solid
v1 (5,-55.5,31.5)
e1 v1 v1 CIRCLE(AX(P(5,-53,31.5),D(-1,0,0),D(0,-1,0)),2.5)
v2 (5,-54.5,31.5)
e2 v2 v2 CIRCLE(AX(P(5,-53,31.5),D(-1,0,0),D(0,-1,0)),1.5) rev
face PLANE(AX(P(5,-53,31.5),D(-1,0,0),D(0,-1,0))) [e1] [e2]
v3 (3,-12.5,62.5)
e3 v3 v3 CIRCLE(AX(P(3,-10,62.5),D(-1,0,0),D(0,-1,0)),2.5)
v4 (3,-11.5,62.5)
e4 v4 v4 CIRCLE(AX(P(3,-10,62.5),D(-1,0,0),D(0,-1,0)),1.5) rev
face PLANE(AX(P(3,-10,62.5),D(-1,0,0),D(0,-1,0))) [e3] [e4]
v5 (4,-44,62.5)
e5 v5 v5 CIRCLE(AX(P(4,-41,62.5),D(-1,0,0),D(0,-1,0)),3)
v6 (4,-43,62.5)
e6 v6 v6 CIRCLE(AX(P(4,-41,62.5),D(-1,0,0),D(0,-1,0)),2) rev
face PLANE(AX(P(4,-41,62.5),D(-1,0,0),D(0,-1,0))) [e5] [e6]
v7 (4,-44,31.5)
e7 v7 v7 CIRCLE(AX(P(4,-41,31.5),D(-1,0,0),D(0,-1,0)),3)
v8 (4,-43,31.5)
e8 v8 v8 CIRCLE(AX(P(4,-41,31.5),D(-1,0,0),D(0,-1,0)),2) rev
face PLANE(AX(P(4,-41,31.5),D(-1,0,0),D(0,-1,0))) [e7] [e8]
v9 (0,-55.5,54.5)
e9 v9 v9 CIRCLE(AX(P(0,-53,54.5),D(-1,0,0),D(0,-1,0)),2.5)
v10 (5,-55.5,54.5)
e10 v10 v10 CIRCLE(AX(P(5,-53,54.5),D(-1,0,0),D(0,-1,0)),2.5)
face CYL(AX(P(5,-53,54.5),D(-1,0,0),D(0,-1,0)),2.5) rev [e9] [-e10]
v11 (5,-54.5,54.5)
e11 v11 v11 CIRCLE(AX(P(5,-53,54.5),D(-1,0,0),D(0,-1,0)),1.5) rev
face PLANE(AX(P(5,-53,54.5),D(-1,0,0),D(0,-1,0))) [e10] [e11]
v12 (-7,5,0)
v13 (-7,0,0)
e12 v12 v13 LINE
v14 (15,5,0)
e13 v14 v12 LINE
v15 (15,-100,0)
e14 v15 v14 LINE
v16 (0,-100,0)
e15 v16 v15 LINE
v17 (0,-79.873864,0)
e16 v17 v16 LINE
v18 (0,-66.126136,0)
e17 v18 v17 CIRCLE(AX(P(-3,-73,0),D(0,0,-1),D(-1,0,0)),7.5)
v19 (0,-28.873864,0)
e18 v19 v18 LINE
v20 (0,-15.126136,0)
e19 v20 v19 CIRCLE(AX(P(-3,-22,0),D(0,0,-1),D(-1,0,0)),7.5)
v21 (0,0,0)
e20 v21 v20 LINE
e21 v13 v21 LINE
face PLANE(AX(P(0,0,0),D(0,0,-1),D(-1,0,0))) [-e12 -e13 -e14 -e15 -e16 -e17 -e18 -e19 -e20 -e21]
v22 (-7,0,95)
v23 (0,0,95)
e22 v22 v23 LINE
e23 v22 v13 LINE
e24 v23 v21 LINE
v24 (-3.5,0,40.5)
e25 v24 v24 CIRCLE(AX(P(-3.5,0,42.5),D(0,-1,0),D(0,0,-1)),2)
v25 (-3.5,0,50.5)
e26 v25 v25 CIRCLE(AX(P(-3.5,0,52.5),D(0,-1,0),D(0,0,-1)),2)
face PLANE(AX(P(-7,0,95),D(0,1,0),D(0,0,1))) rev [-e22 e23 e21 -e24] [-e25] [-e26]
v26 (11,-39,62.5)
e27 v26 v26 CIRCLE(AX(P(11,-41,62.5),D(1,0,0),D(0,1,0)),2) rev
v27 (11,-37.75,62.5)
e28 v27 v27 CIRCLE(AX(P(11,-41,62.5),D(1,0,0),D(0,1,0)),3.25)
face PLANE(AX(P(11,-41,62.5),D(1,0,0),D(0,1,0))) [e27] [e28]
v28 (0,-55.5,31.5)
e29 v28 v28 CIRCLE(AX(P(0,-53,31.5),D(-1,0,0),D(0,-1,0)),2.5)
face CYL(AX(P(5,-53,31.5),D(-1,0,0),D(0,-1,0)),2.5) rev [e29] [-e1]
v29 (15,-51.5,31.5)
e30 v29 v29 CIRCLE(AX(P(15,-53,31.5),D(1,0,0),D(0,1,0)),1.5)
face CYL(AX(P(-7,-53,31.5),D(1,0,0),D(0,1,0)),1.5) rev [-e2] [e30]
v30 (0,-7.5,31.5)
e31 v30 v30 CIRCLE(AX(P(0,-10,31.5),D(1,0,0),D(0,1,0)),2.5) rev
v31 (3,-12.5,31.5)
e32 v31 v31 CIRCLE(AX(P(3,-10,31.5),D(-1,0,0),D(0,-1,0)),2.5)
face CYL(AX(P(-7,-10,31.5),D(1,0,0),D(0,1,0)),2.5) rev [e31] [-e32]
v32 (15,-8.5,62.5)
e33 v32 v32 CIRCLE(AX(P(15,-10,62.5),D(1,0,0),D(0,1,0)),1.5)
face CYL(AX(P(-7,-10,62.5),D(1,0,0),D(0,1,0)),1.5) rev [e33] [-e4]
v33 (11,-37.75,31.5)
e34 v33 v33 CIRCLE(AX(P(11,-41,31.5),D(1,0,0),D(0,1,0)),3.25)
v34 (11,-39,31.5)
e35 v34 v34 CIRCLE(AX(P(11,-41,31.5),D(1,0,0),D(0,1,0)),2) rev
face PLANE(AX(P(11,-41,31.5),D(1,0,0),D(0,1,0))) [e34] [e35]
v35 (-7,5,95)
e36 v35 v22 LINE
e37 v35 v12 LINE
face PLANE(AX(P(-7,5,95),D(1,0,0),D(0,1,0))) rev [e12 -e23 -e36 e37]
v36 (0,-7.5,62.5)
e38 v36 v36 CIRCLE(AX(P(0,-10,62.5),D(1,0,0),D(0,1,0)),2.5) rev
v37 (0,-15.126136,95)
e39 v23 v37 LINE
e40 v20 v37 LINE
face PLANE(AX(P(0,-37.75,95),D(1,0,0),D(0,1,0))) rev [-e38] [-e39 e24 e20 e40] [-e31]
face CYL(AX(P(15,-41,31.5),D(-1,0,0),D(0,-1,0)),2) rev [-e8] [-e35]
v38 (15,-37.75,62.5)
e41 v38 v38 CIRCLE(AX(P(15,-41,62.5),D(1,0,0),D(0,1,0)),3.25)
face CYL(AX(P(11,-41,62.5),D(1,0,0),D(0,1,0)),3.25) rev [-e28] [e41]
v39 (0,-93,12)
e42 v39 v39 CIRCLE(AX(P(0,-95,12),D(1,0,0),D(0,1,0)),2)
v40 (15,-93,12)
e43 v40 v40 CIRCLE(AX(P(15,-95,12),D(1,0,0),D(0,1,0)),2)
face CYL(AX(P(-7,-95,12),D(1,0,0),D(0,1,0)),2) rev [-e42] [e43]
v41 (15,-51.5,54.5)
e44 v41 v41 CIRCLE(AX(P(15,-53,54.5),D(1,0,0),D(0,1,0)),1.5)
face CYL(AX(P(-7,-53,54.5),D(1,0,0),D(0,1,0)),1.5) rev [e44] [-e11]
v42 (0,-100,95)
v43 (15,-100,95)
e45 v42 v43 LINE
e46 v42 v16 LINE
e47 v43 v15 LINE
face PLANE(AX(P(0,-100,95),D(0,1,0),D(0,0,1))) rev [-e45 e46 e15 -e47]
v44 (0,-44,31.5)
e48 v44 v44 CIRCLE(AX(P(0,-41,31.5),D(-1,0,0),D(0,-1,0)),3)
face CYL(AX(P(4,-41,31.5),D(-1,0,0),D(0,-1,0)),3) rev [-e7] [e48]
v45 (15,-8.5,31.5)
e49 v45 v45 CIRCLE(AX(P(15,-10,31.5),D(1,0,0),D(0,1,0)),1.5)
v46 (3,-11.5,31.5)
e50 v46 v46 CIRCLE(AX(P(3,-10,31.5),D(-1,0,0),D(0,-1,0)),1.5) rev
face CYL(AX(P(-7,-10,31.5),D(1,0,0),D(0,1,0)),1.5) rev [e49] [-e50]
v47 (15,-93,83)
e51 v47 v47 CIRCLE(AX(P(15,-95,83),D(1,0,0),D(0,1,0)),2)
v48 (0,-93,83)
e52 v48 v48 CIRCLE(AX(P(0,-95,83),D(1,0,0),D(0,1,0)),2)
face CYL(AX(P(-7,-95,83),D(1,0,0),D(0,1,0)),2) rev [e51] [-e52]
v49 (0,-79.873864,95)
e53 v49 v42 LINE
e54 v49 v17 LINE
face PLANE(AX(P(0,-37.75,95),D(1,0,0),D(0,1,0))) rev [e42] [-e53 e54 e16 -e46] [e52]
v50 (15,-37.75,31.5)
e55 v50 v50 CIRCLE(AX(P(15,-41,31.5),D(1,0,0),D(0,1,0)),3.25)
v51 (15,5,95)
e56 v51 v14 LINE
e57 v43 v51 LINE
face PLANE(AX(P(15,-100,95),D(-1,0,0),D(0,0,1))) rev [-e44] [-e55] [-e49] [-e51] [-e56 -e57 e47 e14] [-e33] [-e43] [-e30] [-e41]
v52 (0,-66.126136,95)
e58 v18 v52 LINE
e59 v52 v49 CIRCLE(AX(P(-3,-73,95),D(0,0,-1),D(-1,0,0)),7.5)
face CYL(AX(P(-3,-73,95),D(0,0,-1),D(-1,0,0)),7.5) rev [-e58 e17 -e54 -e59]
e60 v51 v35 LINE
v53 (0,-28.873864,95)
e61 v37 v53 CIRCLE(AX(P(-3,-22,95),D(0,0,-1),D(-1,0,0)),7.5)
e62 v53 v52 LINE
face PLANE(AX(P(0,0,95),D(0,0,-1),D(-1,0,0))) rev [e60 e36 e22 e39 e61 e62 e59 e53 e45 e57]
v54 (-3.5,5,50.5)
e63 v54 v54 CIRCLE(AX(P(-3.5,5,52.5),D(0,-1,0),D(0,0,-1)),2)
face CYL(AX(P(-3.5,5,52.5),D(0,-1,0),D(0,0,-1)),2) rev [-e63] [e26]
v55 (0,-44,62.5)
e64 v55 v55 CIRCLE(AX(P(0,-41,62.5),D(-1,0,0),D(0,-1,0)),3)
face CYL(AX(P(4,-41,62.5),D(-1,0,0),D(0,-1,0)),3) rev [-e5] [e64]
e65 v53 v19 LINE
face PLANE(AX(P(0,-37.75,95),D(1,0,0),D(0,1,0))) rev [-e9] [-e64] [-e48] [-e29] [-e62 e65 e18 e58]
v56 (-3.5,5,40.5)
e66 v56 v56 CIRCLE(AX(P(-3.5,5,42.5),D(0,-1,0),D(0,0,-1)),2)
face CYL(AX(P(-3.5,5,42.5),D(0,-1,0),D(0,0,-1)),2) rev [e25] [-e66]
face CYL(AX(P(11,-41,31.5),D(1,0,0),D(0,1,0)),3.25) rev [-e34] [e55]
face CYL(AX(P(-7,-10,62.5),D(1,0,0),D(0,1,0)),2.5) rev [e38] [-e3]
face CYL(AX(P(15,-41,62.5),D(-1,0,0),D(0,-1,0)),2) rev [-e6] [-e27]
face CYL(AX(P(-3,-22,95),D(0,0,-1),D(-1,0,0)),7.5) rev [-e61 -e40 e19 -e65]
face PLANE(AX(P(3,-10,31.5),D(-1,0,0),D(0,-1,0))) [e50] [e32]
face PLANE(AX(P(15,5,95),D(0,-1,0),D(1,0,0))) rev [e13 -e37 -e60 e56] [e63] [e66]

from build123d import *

# Parameters (mm, degrees)
BOSS_EXTRUDE1_DEPTH                = 95
SKETCH2_R                          = 2
CUT_EXTRUDE1_3DPRINTER4_DEPTH      = 139.744369255
ESQUISSE1_R                        = 1.5
ENL_V_MAT_EXTRU_1_3D_PRINTER_DEPTH = 140.67462189
ENL_V_MAT_EXTRU_2_DEPTH            = 139.744369255
ENL_V_MAT_EXTRU_2_DEPTH_BACK       = 3
ESQUISSE2_R                        = 2.5
ESQUISSE3_R                        = 3.25
ENL_V_MAT_EXTRU_3_DEPTH            = 4
ESQUISSE4_R                        = 2
ENL_V_MAT_EXTRU_4_DEPTH            = 140.67462189
ESQUISSE8_R                        = 7.5
ENL_V_MAT_EXTRU_9_DEPTH            = 139.744369255
ESQUISSE10_R                       = 2
ENL_V_MAT_EXTRU_10_DEPTH           = 139.744369255
ESQUISSE11_R                       = 2.5
ENL_V_MAT_EXTRU_11_DEPTH           = 5
ESQUISSE12_R                       = 3
ENL_V_MAT_EXTRU_12_DEPTH           = 4


with BuildPart() as part:
    # Sketch1 → Boss-Extrude1 (new body)
    with BuildSketch(Plane.XY):
        Polygon((0, 0), (0, -37.75), (0, -100), (15, -100), (15, 5), (-7, 5), (-7, 0), align=None)
    extrude(amount=BOSS_EXTRUDE1_DEPTH)

    # Sketch2 → Cut-Extrude1 3dprinter4 (cut, through all)
    with BuildSketch(Plane.ZY):
        with Locations(Location((62.5, -41, 0), (0, 0, 270))):
            Circle(SKETCH2_R)
        with Locations(Location((31.5, -41, 0), (0, 0, 270))):
            Circle(SKETCH2_R)
    extrude(amount=-CUT_EXTRUDE1_3DPRINTER4_DEPTH, mode=Mode.SUBTRACT)

    # Esquisse1 → Enlèv. mat.-Extru.1 3d printer (cut, through all)
    with BuildSketch(Plane(origin=(15, 0, 0), x_dir=(0, 0, -1), z_dir=(1, 0, 0))):
        with Locations(Location((-62.5, -10, 0), (0, 0, 90))):
            Circle(ESQUISSE1_R)
        with Locations(Location((-31.5, -10, 0), (0, 0, 90))):
            Circle(ESQUISSE1_R)
        with Locations(Location((-54.5, -53, 0), (0, 0, 90))):
            Circle(ESQUISSE1_R)
        with Locations(Location((-31.5, -53, 0), (0, 0, 90))):
            Circle(ESQUISSE1_R)
    extrude(amount=-ENL_V_MAT_EXTRU_1_3D_PRINTER_DEPTH, mode=Mode.SUBTRACT)

    # Esquisse2 → Enlèv. mat.-Extru.2 (cut, two sides: drawn at the far end of the back side and taken through both)
    with BuildSketch(Plane.ZY.offset(-ENL_V_MAT_EXTRU_2_DEPTH_BACK)):
        with Locations(Location((62.5, -10, 0), (0, 0, 90))):
            Circle(ESQUISSE2_R)
        with Locations(Location((31.5, -10, 0), (0, 0, 90))):
            Circle(ESQUISSE2_R)
    extrude(amount=ENL_V_MAT_EXTRU_2_DEPTH + ENL_V_MAT_EXTRU_2_DEPTH_BACK, mode=Mode.SUBTRACT)

    # Esquisse3 → Enlèv. mat.-Extru.3 (cut)
    with BuildSketch(Plane(origin=(15, 0, 0), x_dir=(0, 0, -1), z_dir=(1, 0, 0))):
        with Locations(Location((-31.5, -41, 0), (0, 0, 90))):
            Circle(ESQUISSE3_R)
        with Locations(Location((-62.5, -41, 0), (0, 0, 90))):
            Circle(ESQUISSE3_R)
    extrude(amount=-ENL_V_MAT_EXTRU_3_DEPTH, mode=Mode.SUBTRACT)

    # Esquisse4 → Enlèv. mat.-Extru.4 (cut, through all)
    with BuildSketch(Plane(origin=(15, 0, 0), x_dir=(0, 0, -1), z_dir=(1, 0, 0))):
        with Locations(Location((-83, -95, 0), (0, 0, 90))):
            Circle(ESQUISSE4_R)
        with Locations(Location((-12, -95, 0), (0, 0, 90))):
            Circle(ESQUISSE4_R)
    extrude(amount=-ENL_V_MAT_EXTRU_4_DEPTH, mode=Mode.SUBTRACT)

    # Esquisse8 → Enlèv. mat.-Extru.9 (cut, through all)
    with BuildSketch(Plane(origin=(0, 0, 0), x_dir=(-1, 0, 0), z_dir=(0, 0, -1))):
        with Locations((3, -22)):
            Circle(ESQUISSE8_R)
        with Locations((3, -73)):
            Circle(ESQUISSE8_R)
    extrude(amount=-ENL_V_MAT_EXTRU_9_DEPTH, mode=Mode.SUBTRACT)

    # Esquisse10 → Enlèv. mat.-Extru.10 (cut, through all)
    with BuildSketch(Plane.XZ):
        with Locations(Location((-3.5, 52.5, 0), (0, 0, 270))):
            Circle(ESQUISSE10_R)
        with Locations(Location((-3.5, 42.5, 0), (0, 0, 270))):
            Circle(ESQUISSE10_R)
    extrude(amount=-ENL_V_MAT_EXTRU_10_DEPTH, mode=Mode.SUBTRACT)

    # Esquisse11 → Enlèv. mat.-Extru.11 (cut)
    with BuildSketch(Plane.ZY):
        with Locations(Location((54.5, -53, 0), (0, 0, 270))):
            Circle(ESQUISSE11_R)
        with Locations(Location((31.5, -53, 0), (0, 0, 270))):
            Circle(ESQUISSE11_R)
    extrude(amount=-ENL_V_MAT_EXTRU_11_DEPTH, mode=Mode.SUBTRACT)

    # Esquisse12 → Enlèv. mat.-Extru.12 (cut)
    with BuildSketch(Plane.ZY):
        with Locations(Location((62.5, -41, 0), (0, 0, 270))):
            Circle(ESQUISSE12_R)
        with Locations(Location((31.5, -41, 0), (0, 0, 270))):
            Circle(ESQUISSE12_R)
    extrude(amount=-ENL_V_MAT_EXTRU_12_DEPTH, mode=Mode.SUBTRACT)


solid = part.part
